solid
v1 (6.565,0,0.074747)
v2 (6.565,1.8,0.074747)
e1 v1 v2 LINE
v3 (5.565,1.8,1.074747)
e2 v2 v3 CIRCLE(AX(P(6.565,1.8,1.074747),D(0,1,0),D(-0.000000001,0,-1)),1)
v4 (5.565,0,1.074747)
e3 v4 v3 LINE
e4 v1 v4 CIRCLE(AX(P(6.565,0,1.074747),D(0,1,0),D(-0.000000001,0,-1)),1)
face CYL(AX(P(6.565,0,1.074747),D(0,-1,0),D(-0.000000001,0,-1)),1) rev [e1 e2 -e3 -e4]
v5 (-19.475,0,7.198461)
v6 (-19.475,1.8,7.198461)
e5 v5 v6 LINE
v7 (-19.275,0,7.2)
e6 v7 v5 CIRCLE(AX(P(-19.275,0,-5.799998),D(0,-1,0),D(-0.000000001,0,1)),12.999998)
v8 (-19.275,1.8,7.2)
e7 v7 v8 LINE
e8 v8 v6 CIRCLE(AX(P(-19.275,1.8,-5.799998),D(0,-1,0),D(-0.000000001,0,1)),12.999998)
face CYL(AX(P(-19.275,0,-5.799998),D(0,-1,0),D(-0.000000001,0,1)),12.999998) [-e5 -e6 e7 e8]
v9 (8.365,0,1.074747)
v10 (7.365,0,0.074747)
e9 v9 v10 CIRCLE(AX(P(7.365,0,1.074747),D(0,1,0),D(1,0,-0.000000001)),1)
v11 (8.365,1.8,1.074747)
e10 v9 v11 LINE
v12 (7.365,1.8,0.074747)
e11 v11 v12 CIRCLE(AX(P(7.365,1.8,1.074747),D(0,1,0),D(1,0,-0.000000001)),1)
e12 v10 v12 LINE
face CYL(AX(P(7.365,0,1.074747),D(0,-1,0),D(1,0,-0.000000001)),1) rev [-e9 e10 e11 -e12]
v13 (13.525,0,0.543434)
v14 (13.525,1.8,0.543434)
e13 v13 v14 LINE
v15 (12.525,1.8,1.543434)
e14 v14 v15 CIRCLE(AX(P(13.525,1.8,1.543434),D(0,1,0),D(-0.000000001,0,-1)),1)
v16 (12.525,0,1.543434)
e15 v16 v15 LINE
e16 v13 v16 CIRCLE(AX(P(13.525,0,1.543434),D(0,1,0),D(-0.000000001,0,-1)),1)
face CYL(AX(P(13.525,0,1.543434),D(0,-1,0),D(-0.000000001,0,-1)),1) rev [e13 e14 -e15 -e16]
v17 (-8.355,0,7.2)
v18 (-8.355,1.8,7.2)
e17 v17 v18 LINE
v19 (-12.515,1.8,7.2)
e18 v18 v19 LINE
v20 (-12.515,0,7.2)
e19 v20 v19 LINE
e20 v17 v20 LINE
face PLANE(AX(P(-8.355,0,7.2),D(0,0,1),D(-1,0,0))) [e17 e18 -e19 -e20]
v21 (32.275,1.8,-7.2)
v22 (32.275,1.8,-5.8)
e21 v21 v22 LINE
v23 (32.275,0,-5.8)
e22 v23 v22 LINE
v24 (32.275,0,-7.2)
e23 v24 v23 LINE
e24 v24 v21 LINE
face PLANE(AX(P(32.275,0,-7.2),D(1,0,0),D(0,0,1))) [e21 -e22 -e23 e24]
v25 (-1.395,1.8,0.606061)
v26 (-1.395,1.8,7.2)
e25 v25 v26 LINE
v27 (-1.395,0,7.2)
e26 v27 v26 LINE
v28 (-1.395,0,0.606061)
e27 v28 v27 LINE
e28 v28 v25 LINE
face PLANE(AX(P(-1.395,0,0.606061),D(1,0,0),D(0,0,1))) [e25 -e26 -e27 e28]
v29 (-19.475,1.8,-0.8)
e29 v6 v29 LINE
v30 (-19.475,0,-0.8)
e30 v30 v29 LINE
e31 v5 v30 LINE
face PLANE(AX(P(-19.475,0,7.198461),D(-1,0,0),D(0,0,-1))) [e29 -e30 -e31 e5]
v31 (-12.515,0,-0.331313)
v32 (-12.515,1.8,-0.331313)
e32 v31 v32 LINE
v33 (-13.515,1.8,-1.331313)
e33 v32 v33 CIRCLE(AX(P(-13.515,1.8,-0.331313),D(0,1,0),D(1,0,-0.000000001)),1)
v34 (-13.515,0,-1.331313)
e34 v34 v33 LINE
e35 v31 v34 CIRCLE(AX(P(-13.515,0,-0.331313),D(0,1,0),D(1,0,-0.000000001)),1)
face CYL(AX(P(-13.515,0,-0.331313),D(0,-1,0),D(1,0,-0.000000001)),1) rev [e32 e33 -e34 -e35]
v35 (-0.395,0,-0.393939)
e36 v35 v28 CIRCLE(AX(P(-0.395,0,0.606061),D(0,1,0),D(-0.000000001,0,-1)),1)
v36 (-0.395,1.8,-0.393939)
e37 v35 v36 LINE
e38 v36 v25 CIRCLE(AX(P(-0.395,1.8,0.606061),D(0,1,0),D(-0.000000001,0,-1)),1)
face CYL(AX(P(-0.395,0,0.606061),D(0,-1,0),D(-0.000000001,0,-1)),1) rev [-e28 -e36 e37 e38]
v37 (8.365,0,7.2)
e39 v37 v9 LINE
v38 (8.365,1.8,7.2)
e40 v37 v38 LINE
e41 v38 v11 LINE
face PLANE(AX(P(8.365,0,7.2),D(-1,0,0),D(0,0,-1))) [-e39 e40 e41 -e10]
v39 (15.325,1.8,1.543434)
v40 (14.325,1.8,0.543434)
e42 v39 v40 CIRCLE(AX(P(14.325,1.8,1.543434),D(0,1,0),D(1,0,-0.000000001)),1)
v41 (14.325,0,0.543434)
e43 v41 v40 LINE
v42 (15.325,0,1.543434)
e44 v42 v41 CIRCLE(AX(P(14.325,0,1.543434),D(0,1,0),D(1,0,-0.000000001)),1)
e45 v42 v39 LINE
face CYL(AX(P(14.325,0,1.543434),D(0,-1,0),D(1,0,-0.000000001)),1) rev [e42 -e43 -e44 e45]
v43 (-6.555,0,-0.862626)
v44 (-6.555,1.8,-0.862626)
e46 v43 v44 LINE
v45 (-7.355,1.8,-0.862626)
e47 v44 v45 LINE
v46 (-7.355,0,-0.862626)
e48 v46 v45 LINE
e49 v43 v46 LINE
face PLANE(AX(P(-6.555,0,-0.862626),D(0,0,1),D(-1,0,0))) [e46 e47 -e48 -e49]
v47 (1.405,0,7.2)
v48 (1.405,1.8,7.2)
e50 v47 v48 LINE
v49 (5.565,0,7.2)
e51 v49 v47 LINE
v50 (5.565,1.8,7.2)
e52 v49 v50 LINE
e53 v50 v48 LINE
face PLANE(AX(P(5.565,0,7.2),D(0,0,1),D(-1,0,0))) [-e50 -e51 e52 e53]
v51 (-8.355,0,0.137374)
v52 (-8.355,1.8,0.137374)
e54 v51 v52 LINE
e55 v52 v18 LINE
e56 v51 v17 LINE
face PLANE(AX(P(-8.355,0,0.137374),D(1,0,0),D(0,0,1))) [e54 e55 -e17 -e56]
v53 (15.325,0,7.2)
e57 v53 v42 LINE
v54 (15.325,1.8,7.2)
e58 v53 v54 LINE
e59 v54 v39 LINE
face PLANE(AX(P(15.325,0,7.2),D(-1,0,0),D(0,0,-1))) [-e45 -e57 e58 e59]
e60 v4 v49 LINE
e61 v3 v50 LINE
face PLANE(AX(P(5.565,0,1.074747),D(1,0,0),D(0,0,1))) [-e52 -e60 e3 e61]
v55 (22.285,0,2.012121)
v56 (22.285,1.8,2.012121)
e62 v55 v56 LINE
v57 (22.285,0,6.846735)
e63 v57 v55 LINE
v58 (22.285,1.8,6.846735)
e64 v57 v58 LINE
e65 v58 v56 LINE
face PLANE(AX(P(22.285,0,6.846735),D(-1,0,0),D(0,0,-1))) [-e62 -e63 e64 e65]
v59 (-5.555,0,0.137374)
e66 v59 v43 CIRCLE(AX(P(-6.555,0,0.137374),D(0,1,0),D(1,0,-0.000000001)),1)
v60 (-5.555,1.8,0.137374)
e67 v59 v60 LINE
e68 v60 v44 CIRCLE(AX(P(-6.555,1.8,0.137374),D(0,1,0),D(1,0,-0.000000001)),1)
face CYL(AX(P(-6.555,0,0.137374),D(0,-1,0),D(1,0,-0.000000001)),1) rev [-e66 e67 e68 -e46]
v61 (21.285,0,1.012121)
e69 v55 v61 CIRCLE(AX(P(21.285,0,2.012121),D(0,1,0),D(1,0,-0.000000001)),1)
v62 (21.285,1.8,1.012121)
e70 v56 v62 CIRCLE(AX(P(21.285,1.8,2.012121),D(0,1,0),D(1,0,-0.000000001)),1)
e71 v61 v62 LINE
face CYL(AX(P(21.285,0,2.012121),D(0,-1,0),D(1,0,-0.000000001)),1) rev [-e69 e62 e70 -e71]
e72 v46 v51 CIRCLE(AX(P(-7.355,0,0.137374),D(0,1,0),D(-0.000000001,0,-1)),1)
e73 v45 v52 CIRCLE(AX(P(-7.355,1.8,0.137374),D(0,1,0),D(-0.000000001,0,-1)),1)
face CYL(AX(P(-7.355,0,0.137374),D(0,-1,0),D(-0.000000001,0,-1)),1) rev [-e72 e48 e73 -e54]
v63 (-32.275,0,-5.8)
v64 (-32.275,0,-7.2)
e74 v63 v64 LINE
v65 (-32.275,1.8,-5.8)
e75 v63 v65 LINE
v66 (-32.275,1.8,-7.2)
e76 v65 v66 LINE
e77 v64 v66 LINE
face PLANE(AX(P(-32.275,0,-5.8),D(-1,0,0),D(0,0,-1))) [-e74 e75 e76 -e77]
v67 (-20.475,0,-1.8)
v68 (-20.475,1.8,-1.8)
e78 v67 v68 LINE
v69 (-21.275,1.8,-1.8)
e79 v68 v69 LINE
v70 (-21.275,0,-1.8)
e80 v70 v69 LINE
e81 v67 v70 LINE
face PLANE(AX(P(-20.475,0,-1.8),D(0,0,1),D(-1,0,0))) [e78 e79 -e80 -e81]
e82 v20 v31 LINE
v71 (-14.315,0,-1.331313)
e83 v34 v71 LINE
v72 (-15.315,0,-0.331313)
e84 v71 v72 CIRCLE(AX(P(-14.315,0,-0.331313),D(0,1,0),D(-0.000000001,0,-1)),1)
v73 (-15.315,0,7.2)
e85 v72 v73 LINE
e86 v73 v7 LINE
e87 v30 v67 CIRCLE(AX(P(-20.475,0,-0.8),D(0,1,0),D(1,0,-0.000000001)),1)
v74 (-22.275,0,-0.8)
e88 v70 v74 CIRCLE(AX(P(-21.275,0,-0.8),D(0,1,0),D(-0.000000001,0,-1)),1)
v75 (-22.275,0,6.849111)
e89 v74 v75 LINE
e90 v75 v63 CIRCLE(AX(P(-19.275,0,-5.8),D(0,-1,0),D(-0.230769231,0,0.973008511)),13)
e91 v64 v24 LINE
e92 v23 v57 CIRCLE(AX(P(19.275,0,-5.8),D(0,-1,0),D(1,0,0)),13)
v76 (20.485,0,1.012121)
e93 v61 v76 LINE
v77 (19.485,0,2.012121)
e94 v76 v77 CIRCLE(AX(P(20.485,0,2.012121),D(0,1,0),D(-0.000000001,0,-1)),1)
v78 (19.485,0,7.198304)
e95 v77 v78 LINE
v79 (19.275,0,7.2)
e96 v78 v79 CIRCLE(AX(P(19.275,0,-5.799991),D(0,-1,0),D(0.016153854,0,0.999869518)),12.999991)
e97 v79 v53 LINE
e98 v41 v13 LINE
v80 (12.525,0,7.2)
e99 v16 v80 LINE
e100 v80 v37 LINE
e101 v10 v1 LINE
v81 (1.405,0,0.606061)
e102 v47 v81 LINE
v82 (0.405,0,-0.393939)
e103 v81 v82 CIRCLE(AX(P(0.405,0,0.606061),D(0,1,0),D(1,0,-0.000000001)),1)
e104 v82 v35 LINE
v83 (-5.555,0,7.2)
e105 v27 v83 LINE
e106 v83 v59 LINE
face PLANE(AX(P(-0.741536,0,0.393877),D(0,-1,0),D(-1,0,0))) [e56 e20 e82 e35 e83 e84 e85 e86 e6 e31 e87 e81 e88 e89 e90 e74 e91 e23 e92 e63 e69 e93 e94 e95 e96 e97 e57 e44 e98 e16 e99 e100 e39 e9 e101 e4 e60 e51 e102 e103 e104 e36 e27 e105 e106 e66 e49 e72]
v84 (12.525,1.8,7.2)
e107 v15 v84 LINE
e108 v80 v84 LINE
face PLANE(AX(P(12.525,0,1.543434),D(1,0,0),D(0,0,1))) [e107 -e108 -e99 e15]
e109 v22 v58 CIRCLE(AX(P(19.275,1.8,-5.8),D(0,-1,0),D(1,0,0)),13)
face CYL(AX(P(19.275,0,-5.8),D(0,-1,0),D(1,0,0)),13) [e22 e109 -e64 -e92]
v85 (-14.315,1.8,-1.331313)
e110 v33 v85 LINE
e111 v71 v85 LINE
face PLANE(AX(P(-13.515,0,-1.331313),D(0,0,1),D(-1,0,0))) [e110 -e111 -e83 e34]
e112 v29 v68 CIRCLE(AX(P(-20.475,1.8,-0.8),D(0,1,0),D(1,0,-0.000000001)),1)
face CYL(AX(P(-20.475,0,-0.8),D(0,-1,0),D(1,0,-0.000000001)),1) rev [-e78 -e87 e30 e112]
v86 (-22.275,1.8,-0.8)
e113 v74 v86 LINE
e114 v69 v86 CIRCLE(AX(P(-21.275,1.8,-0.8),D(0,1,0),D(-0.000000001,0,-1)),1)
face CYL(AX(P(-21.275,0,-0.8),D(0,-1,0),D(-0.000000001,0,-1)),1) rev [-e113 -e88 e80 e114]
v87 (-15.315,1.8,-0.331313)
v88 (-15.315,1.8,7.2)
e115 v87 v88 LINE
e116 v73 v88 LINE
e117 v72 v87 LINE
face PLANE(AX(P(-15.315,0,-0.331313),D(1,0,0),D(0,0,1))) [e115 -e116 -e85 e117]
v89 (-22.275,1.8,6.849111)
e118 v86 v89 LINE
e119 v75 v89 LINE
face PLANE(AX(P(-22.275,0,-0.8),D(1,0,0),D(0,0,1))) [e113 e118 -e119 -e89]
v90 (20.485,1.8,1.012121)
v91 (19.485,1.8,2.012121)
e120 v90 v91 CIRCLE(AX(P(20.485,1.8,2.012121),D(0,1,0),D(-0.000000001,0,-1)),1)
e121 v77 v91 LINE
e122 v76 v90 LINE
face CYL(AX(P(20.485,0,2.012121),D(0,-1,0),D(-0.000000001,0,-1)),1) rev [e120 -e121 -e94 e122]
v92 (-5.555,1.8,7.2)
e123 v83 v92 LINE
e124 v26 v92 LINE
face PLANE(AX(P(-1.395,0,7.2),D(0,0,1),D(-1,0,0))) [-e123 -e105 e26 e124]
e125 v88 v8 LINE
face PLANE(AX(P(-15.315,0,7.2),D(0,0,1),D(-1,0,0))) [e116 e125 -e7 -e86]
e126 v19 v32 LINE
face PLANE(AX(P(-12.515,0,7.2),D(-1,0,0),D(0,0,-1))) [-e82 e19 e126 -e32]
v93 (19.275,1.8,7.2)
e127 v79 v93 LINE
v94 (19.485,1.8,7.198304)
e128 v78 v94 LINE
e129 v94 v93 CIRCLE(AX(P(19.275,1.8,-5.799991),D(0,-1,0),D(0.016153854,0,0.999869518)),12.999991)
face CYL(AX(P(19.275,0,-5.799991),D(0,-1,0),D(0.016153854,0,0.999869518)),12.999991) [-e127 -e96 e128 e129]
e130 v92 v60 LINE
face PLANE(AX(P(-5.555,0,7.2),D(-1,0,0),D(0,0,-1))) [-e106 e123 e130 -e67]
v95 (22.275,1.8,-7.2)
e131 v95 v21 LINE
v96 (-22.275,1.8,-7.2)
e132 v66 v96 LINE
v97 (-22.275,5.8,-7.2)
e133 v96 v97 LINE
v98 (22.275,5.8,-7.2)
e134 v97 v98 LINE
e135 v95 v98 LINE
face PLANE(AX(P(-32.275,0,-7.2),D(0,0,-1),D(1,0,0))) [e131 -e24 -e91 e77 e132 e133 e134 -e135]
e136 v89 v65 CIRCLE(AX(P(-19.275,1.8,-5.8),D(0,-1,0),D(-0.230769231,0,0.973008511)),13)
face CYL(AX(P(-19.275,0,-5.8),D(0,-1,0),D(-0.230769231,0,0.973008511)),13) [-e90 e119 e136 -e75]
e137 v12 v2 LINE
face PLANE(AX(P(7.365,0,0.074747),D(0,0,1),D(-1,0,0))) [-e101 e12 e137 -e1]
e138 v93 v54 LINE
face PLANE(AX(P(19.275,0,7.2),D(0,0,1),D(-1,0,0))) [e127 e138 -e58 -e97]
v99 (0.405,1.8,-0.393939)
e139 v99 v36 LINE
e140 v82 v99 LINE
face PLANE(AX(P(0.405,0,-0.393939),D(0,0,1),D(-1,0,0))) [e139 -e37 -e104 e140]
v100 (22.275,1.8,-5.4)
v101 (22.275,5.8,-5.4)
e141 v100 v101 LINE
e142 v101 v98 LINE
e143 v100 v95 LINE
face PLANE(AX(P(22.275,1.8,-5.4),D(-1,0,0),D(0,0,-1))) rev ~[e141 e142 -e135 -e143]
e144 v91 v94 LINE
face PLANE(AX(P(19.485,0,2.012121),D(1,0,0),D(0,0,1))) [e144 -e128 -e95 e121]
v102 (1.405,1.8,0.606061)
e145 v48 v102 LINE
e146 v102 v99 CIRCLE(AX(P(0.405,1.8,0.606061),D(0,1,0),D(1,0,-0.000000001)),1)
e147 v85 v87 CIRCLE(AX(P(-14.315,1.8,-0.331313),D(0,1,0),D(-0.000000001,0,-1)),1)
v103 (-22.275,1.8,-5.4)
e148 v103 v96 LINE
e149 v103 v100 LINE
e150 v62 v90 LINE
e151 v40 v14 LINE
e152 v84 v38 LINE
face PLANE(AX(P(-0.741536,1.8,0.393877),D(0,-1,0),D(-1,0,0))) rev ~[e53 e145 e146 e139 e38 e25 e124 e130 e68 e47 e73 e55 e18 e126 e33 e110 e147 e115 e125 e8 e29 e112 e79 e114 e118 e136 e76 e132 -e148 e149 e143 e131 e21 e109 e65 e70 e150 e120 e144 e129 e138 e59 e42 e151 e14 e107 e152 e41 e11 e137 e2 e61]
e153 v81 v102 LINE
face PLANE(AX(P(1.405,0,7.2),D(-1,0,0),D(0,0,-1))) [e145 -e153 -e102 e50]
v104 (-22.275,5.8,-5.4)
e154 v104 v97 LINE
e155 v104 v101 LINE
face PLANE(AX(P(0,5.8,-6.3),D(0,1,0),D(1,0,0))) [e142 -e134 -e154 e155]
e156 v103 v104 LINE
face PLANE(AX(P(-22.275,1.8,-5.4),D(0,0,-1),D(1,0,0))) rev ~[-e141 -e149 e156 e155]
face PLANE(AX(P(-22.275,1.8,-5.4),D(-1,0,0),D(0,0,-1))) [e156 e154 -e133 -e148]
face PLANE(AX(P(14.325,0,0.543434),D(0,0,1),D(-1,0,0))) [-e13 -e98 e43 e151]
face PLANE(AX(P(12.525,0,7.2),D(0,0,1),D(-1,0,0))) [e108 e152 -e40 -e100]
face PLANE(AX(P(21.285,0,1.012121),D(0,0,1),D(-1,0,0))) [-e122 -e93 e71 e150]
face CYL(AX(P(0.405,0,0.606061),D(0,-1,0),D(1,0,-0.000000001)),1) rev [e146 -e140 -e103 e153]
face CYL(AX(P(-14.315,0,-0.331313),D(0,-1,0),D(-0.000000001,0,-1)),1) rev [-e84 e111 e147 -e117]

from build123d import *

# Parameters (mm, degrees)
BOSS_EXTRUDE1_DEPTH = 1.8
SKETCH4_W           = 44.55
SKETCH4_H           = 1.8
BOSS_EXTRUDE2_DEPTH = 4


with BuildPart() as part:
    # Sketch2 → Boss-Extrude1 (new body)
    with BuildSketch(Plane(origin=(0, 0, 0), x_dir=(1, 0, 0), z_dir=(0, 1, 0))):
        with BuildLine():
            Line((-32.275, 7.2), (32.275, 7.2))
            Line((32.275, 7.2), (32.275, 5.8))
            ThreePointArc((32.275, 5.8), (29.476225417, -2.258225611), (22.285, -6.846734756))
            Line((22.285, -6.846734756), (22.285, -2.012121212))
            ThreePointArc((22.285, -2.012121212), (21.992106781, -1.305014431), (21.285, -1.012121212))
            Line((21.285, -1.012121212), (20.485, -1.012121212))
            ThreePointArc((20.485, -1.012121212), (19.777893219, -1.305014431), (19.485, -2.012121212))
            Line((19.485, -2.012121212), (19.485, -7.198303735))
            ThreePointArc((19.485, -7.198303735), (19.380003425, -7.199575927), (19.275, -7.2))
            Line((19.275, -7.2), (15.325, -7.2))
            Line((15.325, -7.2), (15.325, -1.543434343))
            ThreePointArc((15.325, -1.543434343), (15.032106781, -0.836327562), (14.325, -0.543434343))
            Line((14.325, -0.543434343), (13.525, -0.543434343))
            ThreePointArc((13.525, -0.543434343), (12.817893219, -0.836327562), (12.525, -1.543434343))
            Line((12.525, -1.543434343), (12.525, -7.2))
            Line((12.525, -7.2), (8.365, -7.2))
            Line((8.365, -7.2), (8.365, -1.074747475))
            ThreePointArc((8.365, -1.074747475), (8.072106781, -0.367640694), (7.365, -0.074747475))
            Line((7.365, -0.074747475), (6.565, -0.074747475))
            ThreePointArc((6.565, -0.074747475), (5.857893219, -0.367640694), (5.565, -1.074747475))
            Line((5.565, -1.074747475), (5.565, -7.2))
            Line((5.565, -7.2), (1.405, -7.2))
            Line((1.405, -7.2), (1.405, -0.606060606))
            ThreePointArc((1.405, -0.606060606), (1.112106781, 0.101046175), (0.405, 0.393939394))
            Line((0.405, 0.393939394), (-0.395, 0.393939394))
            ThreePointArc((-0.395, 0.393939394), (-1.102106781, 0.101046175), (-1.395, -0.606060606))
            Line((-1.395, -0.606060606), (-1.395, -7.2))
            Line((-1.395, -7.2), (-5.555, -7.2))
            Line((-5.555, -7.2), (-5.555, -0.137373737))
            ThreePointArc((-5.555, -0.137373737), (-5.847893219, 0.569733044), (-6.555, 0.862626263))
            Line((-6.555, 0.862626263), (-7.355, 0.862626263))
            ThreePointArc((-7.355, 0.862626263), (-8.062106781, 0.569733044), (-8.355, -0.137373737))
            Line((-8.355, -0.137373737), (-8.355, -7.2))
            Line((-8.355, -7.2), (-12.515, -7.2))
            Line((-12.515, -7.2), (-12.515, 0.331313131))
            ThreePointArc((-12.515, 0.331313131), (-12.807893219, 1.038419912), (-13.515, 1.331313131))
            Line((-13.515, 1.331313131), (-14.315, 1.331313131))
            ThreePointArc((-14.315, 1.331313131), (-15.022106781, 1.038419912), (-15.315, 0.331313131))
            Line((-15.315, 0.331313131), (-15.315, -7.2))
            Line((-15.315, -7.2), (-19.275, -7.2))
            ThreePointArc((-19.275, -7.2), (-19.375002959, -7.199615356), (-19.475, -7.198461447))
            Line((-19.475, -7.198461447), (-19.475, 0.8))
            ThreePointArc((-19.475, 0.8), (-19.767893219, 1.507106781), (-20.475, 1.8))
            Line((-20.475, 1.8), (-21.275, 1.8))
            ThreePointArc((-21.275, 1.8), (-21.982106781, 1.507106781), (-22.275, 0.8))
            Line((-22.275, 0.8), (-22.275, -6.849110641))
            ThreePointArc((-22.275, -6.849110641), (-29.473039027, -2.262257748), (-32.275, 5.8))
            Line((-32.275, 5.8), (-32.275, 7.2))
        make_face()
    extrude(amount=BOSS_EXTRUDE1_DEPTH)

    # Sketch4 → Boss-Extrude2 (add)
    with BuildSketch(Plane(origin=(0, 1.8, 0), x_dir=(1, 0, 0), z_dir=(0, 1, 0))):
        with Locations((0, 6.3)):
            Rectangle(SKETCH4_W, SKETCH4_H)
    extrude(amount=BOSS_EXTRUDE2_DEPTH)


solid = part.part
